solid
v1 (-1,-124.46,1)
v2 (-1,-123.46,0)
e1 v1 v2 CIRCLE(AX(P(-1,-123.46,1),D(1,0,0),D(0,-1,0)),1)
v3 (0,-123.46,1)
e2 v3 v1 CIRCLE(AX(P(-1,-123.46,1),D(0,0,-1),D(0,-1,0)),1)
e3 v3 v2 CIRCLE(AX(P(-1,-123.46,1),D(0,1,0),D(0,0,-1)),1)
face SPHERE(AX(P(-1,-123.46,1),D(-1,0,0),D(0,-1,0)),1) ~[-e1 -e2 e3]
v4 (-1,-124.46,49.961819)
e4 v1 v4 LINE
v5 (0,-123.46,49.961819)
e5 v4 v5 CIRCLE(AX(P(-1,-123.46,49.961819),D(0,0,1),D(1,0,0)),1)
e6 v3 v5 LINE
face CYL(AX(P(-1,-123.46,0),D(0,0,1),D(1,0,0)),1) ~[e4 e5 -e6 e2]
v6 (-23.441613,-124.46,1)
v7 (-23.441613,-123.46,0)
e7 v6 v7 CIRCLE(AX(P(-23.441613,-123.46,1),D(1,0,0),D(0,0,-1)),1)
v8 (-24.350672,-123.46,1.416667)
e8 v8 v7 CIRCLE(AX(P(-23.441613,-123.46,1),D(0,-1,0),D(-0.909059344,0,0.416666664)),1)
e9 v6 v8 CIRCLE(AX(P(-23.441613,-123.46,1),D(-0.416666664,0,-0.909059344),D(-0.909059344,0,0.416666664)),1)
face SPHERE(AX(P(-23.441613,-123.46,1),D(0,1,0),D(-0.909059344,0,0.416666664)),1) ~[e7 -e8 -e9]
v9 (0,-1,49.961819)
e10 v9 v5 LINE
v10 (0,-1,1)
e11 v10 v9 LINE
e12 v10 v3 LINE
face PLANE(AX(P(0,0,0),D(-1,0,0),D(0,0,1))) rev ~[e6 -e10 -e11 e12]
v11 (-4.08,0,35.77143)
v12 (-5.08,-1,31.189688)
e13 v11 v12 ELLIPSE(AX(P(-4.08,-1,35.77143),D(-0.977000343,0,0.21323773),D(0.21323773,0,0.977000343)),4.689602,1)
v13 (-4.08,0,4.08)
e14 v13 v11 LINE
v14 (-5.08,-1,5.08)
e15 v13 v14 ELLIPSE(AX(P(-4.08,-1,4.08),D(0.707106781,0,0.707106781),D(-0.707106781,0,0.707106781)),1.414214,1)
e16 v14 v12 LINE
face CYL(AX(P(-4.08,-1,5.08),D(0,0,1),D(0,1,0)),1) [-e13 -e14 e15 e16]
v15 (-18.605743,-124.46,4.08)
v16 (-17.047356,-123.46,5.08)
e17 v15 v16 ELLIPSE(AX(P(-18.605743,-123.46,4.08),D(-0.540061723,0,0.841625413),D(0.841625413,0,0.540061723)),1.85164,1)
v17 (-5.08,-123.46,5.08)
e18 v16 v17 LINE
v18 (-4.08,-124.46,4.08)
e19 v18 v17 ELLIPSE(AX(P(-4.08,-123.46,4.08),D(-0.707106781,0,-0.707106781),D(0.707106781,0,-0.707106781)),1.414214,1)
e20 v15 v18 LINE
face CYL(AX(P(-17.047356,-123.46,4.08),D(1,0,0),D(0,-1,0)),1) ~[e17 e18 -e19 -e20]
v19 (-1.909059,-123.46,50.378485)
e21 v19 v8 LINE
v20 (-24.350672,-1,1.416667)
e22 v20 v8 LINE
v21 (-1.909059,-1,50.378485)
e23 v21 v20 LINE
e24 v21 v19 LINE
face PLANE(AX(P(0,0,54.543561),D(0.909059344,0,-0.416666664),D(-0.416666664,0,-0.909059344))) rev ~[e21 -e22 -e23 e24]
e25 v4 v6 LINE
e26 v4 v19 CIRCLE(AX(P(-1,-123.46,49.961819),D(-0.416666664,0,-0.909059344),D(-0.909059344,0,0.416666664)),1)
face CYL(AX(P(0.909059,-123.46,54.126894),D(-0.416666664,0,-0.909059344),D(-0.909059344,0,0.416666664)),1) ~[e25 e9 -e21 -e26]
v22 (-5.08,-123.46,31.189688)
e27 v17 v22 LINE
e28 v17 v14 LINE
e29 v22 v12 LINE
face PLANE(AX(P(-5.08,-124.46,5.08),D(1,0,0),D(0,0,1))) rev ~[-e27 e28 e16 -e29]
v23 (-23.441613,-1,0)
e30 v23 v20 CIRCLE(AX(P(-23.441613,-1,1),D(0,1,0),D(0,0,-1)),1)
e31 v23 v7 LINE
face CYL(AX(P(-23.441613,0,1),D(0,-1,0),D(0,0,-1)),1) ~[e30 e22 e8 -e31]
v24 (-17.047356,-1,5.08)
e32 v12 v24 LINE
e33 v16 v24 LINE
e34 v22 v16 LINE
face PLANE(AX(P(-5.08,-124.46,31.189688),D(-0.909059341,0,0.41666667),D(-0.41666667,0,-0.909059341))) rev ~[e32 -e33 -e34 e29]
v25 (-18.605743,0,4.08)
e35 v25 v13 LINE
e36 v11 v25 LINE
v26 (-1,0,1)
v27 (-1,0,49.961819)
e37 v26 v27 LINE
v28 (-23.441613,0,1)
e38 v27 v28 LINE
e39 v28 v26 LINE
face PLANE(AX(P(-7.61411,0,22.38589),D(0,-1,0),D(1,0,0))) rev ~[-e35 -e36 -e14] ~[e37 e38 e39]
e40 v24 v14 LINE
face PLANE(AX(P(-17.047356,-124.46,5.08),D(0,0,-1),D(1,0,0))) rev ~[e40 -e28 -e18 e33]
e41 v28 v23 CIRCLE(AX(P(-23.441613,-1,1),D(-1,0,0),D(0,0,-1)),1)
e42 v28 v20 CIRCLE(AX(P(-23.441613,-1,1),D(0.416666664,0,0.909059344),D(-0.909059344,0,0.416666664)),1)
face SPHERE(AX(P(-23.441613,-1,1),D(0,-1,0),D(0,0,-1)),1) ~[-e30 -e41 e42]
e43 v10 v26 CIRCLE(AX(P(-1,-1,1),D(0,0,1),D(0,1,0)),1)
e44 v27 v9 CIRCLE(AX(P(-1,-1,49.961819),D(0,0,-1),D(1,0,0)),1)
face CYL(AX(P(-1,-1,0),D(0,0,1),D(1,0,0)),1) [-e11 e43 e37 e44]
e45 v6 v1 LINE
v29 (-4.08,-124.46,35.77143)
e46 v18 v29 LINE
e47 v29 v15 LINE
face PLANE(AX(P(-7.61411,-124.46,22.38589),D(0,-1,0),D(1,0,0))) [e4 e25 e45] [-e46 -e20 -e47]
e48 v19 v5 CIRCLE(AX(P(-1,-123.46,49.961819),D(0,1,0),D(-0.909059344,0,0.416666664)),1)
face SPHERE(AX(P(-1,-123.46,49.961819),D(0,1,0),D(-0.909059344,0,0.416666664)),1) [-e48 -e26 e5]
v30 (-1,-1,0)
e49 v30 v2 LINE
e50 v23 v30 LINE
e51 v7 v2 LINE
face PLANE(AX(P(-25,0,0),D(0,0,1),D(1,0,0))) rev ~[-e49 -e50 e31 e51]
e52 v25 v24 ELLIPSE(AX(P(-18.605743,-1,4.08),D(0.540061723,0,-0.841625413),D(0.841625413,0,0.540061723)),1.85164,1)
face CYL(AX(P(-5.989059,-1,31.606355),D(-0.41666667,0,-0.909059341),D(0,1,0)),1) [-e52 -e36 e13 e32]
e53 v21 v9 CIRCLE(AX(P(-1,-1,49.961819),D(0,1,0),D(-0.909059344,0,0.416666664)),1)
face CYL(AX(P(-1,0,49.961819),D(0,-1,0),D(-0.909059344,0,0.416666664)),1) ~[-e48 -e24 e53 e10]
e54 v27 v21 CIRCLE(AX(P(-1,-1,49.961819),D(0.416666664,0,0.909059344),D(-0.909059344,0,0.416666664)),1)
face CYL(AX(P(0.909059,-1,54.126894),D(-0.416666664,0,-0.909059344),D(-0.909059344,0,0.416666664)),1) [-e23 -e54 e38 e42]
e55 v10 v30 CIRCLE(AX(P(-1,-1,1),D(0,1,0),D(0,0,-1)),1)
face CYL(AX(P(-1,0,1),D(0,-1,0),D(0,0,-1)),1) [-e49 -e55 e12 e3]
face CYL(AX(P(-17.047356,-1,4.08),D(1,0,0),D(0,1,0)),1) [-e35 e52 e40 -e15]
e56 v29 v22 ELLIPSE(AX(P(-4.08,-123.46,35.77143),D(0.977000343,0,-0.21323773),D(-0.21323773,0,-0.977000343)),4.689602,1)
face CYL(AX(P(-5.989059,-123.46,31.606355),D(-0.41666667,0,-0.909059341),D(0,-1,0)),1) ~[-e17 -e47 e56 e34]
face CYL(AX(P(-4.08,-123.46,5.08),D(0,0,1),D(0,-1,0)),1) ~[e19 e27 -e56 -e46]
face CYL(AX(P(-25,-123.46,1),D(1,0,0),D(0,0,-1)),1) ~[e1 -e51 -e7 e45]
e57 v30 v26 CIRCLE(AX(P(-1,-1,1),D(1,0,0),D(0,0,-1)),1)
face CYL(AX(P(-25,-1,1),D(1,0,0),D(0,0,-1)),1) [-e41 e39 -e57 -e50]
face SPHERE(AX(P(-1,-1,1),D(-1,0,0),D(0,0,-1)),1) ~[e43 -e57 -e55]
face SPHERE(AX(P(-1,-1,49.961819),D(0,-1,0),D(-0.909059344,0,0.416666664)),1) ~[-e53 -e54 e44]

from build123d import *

# Parameters (mm, degrees)
F1_DEPTH = 124.46
F3_DEPTH = 124.46
F4_R     = 1


with BuildPart() as f1:
    # F0 (on Front) → F1 (new body)
    with BuildSketch(Plane.XZ):
        Polygon((-25, 0), (0, 0), (0, 54.543561), align=None)
    extrude(amount=F1_DEPTH)

    # F2 (on face) → F3 (cut, through all)
    with BuildSketch(Plane.XZ.offset(124.46)):
        Polygon((-5.08, 31.189688), (-17.047356, 5.08), (-5.08, 5.08), align=None)
    extrude(amount=-F3_DEPTH, mode=Mode.SUBTRACT)

    # F4
    f4_edges = [f1.edges().sort_by_distance(p)[0] for p in [
        (0, -62.23, 54.543561),
        (-12.5, 0, 27.27178),
        (-25, -62.23, 0),
        (-12.5, -124.46, 27.27178),
        (-12.5, -124.46, 0),
        (0, -124.46, 27.27178),
        (-11.063678, -124.46, 5.08),
        (-11.063678, -124.46, 18.134844),
        (-5.08, -124.46, 18.134844),
        (-12.5, 0, 0),
        (0, -62.23, 0),
        (-5.08, 0, 18.134844),
        (-11.063678, 0, 5.08),
        (-11.063678, 0, 18.134844),
        (0, 0, 27.27178),
    ]]
    fillet(f4_edges, radius=F4_R)


solid = f1.part
